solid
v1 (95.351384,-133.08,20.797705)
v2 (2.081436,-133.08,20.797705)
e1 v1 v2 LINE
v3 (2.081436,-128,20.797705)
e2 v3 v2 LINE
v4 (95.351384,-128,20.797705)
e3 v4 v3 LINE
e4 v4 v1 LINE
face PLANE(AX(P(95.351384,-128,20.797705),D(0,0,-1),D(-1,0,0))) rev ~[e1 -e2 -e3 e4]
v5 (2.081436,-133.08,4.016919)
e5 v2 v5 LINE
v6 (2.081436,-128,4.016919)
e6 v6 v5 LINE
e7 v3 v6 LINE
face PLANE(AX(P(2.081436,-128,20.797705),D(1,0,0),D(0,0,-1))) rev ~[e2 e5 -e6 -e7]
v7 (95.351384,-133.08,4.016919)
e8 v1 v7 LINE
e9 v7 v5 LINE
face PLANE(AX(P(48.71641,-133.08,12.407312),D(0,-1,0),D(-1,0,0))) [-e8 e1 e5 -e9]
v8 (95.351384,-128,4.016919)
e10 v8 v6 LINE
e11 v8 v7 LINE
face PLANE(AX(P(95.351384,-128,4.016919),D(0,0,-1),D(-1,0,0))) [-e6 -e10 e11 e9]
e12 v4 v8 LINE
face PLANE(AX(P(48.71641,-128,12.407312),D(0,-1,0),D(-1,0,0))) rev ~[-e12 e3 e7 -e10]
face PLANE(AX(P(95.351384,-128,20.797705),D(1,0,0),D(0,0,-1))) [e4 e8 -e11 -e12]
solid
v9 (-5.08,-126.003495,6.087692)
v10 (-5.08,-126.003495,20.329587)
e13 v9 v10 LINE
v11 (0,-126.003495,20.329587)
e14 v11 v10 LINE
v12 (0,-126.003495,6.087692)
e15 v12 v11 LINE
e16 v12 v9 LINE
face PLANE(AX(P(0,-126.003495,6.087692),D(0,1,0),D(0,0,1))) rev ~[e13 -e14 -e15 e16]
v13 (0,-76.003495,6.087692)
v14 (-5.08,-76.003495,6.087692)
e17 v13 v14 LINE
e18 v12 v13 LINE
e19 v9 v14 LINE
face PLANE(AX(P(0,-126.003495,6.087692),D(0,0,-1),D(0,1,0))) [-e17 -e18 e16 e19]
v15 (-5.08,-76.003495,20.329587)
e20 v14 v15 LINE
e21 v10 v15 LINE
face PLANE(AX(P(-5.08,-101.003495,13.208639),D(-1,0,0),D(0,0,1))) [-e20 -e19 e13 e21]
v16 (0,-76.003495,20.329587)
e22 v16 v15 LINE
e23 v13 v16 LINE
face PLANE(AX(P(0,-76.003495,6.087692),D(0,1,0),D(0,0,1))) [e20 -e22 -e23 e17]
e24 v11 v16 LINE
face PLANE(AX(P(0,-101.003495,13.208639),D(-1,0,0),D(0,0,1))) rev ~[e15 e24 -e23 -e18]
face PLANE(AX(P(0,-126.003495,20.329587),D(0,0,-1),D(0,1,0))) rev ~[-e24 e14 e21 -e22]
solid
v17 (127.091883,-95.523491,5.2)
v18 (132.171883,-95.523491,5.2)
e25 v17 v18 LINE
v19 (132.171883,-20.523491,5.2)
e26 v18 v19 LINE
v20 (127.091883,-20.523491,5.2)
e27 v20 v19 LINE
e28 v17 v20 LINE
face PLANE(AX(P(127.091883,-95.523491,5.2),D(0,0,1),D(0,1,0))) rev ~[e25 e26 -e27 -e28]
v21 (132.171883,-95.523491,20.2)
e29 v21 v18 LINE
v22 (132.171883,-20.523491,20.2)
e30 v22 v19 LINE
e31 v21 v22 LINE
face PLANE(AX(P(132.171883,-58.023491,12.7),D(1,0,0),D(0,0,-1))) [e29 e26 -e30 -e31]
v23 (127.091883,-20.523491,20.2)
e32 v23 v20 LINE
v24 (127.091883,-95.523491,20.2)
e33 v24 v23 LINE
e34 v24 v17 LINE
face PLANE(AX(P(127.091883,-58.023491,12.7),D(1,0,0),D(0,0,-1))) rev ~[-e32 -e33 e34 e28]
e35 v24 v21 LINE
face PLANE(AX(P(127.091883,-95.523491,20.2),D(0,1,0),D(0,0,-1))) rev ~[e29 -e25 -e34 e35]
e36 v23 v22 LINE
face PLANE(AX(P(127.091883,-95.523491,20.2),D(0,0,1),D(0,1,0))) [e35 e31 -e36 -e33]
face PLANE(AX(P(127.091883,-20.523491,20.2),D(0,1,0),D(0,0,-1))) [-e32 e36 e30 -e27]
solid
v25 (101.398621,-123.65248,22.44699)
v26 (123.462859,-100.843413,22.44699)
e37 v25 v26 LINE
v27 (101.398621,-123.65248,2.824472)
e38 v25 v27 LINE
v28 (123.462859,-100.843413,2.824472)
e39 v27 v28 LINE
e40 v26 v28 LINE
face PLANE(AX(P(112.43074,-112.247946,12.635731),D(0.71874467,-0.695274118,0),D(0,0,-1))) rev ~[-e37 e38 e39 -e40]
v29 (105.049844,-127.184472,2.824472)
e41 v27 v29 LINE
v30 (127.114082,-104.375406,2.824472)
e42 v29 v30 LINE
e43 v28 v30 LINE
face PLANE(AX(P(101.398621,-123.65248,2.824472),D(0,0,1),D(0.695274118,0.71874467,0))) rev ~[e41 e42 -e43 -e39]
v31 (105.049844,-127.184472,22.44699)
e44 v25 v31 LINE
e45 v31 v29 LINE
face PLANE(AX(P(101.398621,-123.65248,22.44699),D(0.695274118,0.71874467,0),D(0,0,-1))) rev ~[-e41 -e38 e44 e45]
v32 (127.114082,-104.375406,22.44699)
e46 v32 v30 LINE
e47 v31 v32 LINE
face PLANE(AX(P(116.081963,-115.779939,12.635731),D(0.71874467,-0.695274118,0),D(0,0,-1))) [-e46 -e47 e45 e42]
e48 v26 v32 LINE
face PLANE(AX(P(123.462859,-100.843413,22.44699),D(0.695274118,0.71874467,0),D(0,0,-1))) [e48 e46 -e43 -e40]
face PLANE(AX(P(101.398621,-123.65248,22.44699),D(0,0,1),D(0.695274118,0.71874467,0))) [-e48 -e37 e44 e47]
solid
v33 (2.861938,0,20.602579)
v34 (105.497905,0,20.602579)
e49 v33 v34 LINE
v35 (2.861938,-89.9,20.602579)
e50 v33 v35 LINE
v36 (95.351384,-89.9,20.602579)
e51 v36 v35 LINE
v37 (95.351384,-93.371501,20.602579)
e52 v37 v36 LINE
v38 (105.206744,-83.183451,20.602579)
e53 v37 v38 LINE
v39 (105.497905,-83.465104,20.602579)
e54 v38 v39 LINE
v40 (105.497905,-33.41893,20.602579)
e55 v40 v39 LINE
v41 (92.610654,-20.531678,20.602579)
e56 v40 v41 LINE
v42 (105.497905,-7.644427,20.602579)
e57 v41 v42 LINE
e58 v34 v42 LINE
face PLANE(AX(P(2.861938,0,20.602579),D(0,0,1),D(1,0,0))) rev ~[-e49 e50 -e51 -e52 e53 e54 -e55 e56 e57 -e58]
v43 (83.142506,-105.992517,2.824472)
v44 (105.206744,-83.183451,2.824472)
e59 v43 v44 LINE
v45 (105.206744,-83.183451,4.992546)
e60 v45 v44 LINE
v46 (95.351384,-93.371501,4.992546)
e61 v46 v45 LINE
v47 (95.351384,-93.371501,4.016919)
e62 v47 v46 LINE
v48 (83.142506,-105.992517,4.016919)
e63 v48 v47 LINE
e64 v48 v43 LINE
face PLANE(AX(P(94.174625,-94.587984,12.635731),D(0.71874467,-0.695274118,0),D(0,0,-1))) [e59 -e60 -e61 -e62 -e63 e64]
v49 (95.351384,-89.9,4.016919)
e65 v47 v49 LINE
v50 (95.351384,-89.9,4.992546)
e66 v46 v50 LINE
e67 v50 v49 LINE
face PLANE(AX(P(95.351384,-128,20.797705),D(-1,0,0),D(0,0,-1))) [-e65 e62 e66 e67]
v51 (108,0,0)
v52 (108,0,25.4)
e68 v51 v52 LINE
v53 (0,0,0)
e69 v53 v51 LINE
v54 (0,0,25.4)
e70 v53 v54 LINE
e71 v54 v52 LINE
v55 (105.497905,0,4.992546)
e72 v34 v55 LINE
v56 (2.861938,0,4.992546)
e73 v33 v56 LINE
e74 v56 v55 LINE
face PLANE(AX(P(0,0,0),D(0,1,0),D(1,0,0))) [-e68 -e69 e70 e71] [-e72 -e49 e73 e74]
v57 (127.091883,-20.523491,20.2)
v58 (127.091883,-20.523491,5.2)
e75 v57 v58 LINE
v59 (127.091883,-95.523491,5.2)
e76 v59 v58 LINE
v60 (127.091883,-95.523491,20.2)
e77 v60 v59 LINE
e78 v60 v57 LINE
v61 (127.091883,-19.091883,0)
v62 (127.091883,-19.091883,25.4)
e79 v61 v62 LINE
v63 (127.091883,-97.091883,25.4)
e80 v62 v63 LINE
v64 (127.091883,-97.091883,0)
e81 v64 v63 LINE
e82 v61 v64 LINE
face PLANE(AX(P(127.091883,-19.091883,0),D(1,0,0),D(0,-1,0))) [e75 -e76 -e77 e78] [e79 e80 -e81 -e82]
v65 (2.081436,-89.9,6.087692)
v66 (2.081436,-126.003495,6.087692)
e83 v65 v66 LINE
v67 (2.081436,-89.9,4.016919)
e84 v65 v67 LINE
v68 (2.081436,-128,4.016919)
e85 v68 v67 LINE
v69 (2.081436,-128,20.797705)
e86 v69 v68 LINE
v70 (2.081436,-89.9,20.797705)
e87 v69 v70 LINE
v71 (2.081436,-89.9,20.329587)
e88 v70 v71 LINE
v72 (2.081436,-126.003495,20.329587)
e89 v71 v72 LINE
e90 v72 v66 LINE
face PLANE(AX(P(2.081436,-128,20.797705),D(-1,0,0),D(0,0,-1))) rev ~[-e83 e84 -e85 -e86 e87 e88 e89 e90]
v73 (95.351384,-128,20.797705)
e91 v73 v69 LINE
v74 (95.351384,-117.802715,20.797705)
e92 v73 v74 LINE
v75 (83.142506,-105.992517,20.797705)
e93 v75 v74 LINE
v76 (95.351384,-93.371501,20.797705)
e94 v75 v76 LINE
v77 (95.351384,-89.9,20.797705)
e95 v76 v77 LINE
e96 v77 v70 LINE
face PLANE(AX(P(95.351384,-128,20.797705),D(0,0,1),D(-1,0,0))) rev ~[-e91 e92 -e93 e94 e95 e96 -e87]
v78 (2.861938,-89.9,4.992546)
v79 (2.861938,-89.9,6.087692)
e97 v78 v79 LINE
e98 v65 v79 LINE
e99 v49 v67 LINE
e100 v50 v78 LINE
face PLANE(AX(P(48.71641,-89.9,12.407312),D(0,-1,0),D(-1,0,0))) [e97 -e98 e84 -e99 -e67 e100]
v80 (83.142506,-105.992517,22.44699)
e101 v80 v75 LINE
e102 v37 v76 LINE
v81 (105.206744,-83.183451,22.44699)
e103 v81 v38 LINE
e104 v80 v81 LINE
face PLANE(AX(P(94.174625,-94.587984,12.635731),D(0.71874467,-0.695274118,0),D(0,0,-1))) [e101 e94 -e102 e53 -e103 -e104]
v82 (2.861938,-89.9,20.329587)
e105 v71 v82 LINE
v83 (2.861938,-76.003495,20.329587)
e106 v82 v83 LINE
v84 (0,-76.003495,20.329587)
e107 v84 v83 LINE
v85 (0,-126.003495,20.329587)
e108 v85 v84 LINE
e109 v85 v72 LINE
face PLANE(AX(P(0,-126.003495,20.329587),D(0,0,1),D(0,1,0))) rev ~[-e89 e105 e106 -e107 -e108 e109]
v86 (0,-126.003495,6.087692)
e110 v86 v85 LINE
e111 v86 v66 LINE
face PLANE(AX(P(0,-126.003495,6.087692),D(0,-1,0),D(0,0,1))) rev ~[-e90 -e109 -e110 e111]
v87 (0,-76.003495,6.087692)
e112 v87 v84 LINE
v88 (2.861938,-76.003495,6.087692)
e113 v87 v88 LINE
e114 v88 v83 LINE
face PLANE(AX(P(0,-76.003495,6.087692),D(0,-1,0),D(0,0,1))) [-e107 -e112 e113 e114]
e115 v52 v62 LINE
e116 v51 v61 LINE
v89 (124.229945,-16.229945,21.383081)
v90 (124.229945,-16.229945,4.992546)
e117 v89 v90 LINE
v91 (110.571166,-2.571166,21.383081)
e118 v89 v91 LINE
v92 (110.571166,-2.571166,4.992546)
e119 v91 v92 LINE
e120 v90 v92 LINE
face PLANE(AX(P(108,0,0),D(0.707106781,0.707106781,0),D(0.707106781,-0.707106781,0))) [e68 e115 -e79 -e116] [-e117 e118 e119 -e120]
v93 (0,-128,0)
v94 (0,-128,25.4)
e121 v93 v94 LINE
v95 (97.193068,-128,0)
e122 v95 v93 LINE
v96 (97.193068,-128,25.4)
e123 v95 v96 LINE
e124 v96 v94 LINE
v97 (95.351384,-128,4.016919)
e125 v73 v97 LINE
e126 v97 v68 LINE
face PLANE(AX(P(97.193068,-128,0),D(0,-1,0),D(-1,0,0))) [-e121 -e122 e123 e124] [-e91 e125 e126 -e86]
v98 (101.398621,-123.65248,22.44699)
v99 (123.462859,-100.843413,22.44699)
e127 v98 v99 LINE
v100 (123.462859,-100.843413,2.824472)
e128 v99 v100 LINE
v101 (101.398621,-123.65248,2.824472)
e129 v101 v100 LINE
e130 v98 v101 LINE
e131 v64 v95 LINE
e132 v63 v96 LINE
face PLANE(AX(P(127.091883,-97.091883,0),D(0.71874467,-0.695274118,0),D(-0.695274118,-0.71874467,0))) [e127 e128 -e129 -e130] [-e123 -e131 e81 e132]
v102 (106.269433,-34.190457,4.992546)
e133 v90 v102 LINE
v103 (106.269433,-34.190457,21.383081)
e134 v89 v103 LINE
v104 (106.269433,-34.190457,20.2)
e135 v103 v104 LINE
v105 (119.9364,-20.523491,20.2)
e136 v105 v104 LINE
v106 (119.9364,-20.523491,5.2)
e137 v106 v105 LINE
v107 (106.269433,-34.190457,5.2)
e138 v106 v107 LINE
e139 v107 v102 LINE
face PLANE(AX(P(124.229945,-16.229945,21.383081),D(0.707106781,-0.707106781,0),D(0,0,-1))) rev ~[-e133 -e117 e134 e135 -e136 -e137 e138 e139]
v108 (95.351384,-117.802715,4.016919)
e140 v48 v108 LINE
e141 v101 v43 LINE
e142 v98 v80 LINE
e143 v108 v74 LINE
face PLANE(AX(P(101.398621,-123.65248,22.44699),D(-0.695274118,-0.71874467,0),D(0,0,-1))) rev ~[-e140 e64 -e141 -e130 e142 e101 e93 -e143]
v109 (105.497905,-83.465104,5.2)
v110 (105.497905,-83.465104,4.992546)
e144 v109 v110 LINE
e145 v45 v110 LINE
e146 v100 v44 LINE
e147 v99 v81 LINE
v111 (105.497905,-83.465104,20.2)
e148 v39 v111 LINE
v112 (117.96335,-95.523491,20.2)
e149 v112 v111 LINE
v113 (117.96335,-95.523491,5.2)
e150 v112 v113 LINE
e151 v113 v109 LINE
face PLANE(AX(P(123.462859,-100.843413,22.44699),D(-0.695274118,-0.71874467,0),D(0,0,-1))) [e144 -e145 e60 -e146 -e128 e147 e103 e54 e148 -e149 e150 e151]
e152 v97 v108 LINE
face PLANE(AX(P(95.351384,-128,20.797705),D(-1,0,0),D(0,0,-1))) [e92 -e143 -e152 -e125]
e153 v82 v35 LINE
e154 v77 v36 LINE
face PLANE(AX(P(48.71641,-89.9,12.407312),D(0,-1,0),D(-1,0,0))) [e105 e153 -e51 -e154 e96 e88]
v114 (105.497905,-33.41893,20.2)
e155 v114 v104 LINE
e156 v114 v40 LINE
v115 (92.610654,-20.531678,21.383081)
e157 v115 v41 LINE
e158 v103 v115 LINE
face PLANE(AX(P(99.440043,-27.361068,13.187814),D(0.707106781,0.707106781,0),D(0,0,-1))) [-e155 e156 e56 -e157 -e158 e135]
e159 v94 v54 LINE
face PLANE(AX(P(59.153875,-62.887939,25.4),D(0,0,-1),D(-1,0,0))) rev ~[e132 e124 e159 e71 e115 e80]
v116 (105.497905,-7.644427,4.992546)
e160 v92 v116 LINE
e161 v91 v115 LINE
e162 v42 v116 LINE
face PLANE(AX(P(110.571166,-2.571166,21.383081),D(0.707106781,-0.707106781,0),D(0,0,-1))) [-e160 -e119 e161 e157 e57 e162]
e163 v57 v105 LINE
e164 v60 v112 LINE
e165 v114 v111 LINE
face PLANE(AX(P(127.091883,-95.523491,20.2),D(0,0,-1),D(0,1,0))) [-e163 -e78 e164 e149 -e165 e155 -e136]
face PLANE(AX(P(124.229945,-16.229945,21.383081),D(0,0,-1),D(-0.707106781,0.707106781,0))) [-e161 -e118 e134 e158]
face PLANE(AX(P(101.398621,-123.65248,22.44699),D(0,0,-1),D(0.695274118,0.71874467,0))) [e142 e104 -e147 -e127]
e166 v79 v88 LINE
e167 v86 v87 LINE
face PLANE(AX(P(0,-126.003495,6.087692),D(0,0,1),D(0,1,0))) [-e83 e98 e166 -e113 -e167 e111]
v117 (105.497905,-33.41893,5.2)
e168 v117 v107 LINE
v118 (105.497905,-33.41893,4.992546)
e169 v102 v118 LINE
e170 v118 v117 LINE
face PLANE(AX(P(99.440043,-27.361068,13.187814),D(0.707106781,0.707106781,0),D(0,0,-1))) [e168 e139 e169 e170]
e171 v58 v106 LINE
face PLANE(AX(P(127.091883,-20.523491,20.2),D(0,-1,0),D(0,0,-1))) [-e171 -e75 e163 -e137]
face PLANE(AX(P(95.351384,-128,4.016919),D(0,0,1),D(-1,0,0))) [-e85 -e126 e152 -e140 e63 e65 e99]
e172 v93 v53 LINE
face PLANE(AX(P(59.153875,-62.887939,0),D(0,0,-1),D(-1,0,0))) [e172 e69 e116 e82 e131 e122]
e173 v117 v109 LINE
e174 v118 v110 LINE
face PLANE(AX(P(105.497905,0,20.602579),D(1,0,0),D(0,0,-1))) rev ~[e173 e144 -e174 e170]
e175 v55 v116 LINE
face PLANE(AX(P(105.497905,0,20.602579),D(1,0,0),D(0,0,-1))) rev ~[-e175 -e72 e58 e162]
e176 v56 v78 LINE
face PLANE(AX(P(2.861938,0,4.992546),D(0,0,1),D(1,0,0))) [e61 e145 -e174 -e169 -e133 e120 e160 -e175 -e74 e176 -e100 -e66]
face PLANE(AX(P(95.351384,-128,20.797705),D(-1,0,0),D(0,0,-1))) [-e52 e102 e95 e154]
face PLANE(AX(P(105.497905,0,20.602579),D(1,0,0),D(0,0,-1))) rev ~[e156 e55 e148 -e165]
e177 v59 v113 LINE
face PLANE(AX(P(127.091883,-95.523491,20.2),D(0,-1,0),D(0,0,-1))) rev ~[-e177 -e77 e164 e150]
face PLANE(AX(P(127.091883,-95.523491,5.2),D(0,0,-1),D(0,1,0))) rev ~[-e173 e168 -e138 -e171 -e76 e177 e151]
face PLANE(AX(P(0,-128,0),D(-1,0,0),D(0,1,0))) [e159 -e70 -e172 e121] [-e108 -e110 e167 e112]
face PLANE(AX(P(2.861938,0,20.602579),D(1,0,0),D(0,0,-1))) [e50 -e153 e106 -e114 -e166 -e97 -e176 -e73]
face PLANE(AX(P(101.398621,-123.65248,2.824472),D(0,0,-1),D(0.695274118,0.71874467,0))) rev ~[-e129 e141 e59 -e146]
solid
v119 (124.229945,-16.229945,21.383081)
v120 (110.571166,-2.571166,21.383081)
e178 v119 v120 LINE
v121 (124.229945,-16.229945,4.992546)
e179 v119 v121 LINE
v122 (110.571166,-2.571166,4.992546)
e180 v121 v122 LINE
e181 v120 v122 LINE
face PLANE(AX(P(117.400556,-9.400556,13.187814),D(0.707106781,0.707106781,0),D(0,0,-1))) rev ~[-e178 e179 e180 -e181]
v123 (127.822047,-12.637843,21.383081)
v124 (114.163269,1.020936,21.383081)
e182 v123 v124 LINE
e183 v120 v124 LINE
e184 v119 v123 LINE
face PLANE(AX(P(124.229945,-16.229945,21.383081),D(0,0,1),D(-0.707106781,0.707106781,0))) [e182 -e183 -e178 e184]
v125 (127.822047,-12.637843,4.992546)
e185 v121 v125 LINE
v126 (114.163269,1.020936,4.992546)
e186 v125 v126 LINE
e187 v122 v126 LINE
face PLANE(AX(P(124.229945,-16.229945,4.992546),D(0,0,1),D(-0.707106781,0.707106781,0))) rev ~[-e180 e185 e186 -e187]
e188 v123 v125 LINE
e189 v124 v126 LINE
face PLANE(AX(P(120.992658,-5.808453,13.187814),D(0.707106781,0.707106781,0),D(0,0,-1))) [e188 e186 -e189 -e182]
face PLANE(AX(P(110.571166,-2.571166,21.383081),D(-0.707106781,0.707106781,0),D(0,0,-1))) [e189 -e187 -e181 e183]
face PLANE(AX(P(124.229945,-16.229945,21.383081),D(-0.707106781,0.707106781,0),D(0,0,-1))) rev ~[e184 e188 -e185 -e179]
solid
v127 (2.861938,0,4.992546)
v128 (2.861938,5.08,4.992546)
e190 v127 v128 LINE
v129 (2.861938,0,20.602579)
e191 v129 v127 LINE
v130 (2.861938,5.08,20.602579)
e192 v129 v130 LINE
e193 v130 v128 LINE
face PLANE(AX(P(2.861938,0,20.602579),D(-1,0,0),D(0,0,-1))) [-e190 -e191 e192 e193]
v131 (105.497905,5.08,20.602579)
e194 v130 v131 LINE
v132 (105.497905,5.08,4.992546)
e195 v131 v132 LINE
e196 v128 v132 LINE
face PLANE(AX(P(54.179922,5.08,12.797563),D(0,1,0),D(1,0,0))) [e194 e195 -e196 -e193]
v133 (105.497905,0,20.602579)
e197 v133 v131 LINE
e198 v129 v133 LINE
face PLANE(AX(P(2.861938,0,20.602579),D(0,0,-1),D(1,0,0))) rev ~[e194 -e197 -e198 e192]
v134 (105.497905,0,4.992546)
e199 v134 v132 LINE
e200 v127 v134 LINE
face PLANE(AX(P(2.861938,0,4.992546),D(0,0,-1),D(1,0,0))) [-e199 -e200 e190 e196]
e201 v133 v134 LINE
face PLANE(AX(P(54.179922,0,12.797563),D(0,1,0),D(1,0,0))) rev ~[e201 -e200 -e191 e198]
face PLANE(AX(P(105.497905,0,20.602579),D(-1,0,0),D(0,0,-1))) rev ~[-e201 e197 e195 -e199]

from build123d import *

# Parameters (mm, degrees)
BOSS_EXTRUDE1_DEPTH = 25.4
SKETCH2_W           = 14.241894923
SKETCH2_H           = 50
CUT_EXTRUDE1_DEPTH  = 25.4
SKETCH3_W           = 15
SKETCH3_H           = 75
CUT_EXTRUDE2_DEPTH  = 114.391883
SKETCH4_W           = 93.269947502
SKETCH4_H           = 16.780785534
CUT_EXTRUDE3_DEPTH  = 38.1
SKETCH5_W           = 102.635967335
SKETCH5_H           = 15.610033055
CUT_EXTRUDE4_DEPTH  = 101.6
SKETCH6_W           = 16.390534708
SKETCH6_H           = 19.316430399
CUT_EXTRUDE5_DEPTH  = 25.4
SKETCH7_W           = 19.62251785
SKETCH7_H           = 31.734588897
CUT_EXTRUDE6_DEPTH  = 25.4
SKETCH4_2_W         = 93.269947502
SKETCH4_2_H         = 16.780785534
BOSS_EXTRUDE2_DEPTH = 5.08
SKETCH5_2_W         = 102.635967335
SKETCH5_2_H         = 15.610033055
BOSS_EXTRUDE4_DEPTH = 5.08
SKETCH7_2_W         = 19.62251785
SKETCH7_2_H         = 31.734588897
BOSS_EXTRUDE5_DEPTH = 5.08
SKETCH6_2_W         = 16.390534708
SKETCH6_2_H         = 19.316430399
BOSS_EXTRUDE6_DEPTH = 5.08
SKETCH3_2_W         = 15
SKETCH3_2_H         = 75
BOSS_EXTRUDE7_DEPTH = 5.08
SKETCH2_3_W         = 14.241894923
SKETCH2_3_H         = 50
BOSS_EXTRUDE8_DEPTH = 5.08


with BuildPart() as part:
    # Sketch1 → Boss-Extrude1 (new body)
    with BuildSketch(Plane.XY):
        Polygon((0, 0), (108, 0), (127.091883092, -19.091883092), (127.091883092, -97.091883092), (97.193068366, -128), (0, -128), align=None)
    extrude(amount=BOSS_EXTRUDE1_DEPTH)

    # Sketch2 → Cut-Extrude1 (cut)
    with BuildSketch(Plane.ZY):
        with Locations((13.208639104, -101.003494845)):
            Rectangle(SKETCH2_W, SKETCH2_H)
    extrude(amount=-CUT_EXTRUDE1_DEPTH, mode=Mode.SUBTRACT)

    # Sketch3 → Cut-Extrude2 (cut)
    with BuildSketch(Plane(origin=(127.091883092, 0, 0), x_dir=(0, 0, -1), z_dir=(1, 0, 0))):
        with Locations((-12.7, -58.023490523)):
            Rectangle(SKETCH3_W, SKETCH3_H)
    extrude(amount=-CUT_EXTRUDE2_DEPTH, mode=Mode.SUBTRACT)

    # Sketch4 → Cut-Extrude3 (cut)
    with BuildSketch(Plane(origin=(0, -128, 0), x_dir=(-1, 0, 0), z_dir=(0, -1, 0))):
        with Locations((-48.716410144, -12.40731188)):
            Rectangle(SKETCH4_W, SKETCH4_H)
    extrude(amount=-CUT_EXTRUDE3_DEPTH, mode=Mode.SUBTRACT)

    # Sketch5 → Cut-Extrude4 (cut)
    with BuildSketch(Plane(origin=(0, 0, 0), x_dir=(1, 0, 0), z_dir=(0, 1, 0))):
        with Locations((54.179921714, -12.797562707)):
            Rectangle(SKETCH5_W, SKETCH5_H)
    extrude(amount=-CUT_EXTRUDE4_DEPTH, mode=Mode.SUBTRACT)

    # Sketch6 → Cut-Extrude5 (cut)
    with BuildSketch(Plane(origin=(54, 54, 0), x_dir=(0, 0, -1), z_dir=(0.707106781, 0.707106781, 0))):
        with Locations((-13.187813533, -89.661925571)):
            Rectangle(SKETCH6_W, SKETCH6_H)
    extrude(amount=-CUT_EXTRUDE5_DEPTH, mode=Mode.SUBTRACT)

    # Sketch7 → Cut-Extrude6 (cut)
    with BuildSketch(Plane(origin=(114.174090835, -110.445744673, 0), x_dir=(0, 0, -1), z_dir=(0.71874467, -0.695274118, 0))):
        with Locations((-12.635731111, -2.507429786)):
            Rectangle(SKETCH7_W, SKETCH7_H)
    extrude(amount=-CUT_EXTRUDE6_DEPTH, mode=Mode.SUBTRACT)


with BuildPart() as body_2:
    # Sketch4<2> → Boss-Extrude2 (new body)
    with BuildSketch(Plane(origin=(0, -128, 0), x_dir=(-1, 0, 0), z_dir=(0, -1, 0))):
        with Locations((-48.716410144, -12.40731188)):
            Rectangle(SKETCH4_2_W, SKETCH4_2_H)
    extrude(amount=BOSS_EXTRUDE2_DEPTH)


with BuildPart() as body_3:
    # Sketch5<2> → Boss-Extrude4 (new body)
    with BuildSketch(Plane(origin=(0, 0, 0), x_dir=(1, 0, 0), z_dir=(0, 1, 0))):
        with Locations((54.179921714, -12.797562707)):
            Rectangle(SKETCH5_2_W, SKETCH5_2_H)
    extrude(amount=BOSS_EXTRUDE4_DEPTH)


with BuildPart() as body_4:
    # Sketch7<2> → Boss-Extrude5 (new body)
    with BuildSketch(Plane(origin=(114.174090835, -110.445744673, 0), x_dir=(0, 0, -1), z_dir=(0.71874467, -0.695274118, 0))):
        with Locations((-12.635731111, -2.507429786)):
            Rectangle(SKETCH7_2_W, SKETCH7_2_H)
    extrude(amount=BOSS_EXTRUDE5_DEPTH)


with BuildPart() as body_5:
    # Sketch6<2> → Boss-Extrude6 (new body)
    with BuildSketch(Plane(origin=(54, 54, 0), x_dir=(0, 0, -1), z_dir=(0.707106781, 0.707106781, 0))):
        with Locations((-13.187813533, -89.661925571)):
            Rectangle(SKETCH6_2_W, SKETCH6_2_H)
    extrude(amount=BOSS_EXTRUDE6_DEPTH)


with BuildPart() as body_6:
    # Sketch3<2> → Boss-Extrude7 (new body)
    with BuildSketch(Plane(origin=(127.091883092, 0, 0), x_dir=(0, 0, -1), z_dir=(1, 0, 0))):
        with Locations((-12.7, -58.023490523)):
            Rectangle(SKETCH3_2_W, SKETCH3_2_H)
    extrude(amount=BOSS_EXTRUDE7_DEPTH)


with BuildPart() as body_7:
    # Sketch2<3> → Boss-Extrude8 (new body)
    with BuildSketch(Plane.ZY):
        with Locations((13.208639104, -101.003494845)):
            Rectangle(SKETCH2_3_W, SKETCH2_3_H)
    extrude(amount=BOSS_EXTRUDE8_DEPTH)


solid = Compound([part.part, body_2.part, body_3.part, body_4.part, body_5.part, body_6.part, body_7.part])
